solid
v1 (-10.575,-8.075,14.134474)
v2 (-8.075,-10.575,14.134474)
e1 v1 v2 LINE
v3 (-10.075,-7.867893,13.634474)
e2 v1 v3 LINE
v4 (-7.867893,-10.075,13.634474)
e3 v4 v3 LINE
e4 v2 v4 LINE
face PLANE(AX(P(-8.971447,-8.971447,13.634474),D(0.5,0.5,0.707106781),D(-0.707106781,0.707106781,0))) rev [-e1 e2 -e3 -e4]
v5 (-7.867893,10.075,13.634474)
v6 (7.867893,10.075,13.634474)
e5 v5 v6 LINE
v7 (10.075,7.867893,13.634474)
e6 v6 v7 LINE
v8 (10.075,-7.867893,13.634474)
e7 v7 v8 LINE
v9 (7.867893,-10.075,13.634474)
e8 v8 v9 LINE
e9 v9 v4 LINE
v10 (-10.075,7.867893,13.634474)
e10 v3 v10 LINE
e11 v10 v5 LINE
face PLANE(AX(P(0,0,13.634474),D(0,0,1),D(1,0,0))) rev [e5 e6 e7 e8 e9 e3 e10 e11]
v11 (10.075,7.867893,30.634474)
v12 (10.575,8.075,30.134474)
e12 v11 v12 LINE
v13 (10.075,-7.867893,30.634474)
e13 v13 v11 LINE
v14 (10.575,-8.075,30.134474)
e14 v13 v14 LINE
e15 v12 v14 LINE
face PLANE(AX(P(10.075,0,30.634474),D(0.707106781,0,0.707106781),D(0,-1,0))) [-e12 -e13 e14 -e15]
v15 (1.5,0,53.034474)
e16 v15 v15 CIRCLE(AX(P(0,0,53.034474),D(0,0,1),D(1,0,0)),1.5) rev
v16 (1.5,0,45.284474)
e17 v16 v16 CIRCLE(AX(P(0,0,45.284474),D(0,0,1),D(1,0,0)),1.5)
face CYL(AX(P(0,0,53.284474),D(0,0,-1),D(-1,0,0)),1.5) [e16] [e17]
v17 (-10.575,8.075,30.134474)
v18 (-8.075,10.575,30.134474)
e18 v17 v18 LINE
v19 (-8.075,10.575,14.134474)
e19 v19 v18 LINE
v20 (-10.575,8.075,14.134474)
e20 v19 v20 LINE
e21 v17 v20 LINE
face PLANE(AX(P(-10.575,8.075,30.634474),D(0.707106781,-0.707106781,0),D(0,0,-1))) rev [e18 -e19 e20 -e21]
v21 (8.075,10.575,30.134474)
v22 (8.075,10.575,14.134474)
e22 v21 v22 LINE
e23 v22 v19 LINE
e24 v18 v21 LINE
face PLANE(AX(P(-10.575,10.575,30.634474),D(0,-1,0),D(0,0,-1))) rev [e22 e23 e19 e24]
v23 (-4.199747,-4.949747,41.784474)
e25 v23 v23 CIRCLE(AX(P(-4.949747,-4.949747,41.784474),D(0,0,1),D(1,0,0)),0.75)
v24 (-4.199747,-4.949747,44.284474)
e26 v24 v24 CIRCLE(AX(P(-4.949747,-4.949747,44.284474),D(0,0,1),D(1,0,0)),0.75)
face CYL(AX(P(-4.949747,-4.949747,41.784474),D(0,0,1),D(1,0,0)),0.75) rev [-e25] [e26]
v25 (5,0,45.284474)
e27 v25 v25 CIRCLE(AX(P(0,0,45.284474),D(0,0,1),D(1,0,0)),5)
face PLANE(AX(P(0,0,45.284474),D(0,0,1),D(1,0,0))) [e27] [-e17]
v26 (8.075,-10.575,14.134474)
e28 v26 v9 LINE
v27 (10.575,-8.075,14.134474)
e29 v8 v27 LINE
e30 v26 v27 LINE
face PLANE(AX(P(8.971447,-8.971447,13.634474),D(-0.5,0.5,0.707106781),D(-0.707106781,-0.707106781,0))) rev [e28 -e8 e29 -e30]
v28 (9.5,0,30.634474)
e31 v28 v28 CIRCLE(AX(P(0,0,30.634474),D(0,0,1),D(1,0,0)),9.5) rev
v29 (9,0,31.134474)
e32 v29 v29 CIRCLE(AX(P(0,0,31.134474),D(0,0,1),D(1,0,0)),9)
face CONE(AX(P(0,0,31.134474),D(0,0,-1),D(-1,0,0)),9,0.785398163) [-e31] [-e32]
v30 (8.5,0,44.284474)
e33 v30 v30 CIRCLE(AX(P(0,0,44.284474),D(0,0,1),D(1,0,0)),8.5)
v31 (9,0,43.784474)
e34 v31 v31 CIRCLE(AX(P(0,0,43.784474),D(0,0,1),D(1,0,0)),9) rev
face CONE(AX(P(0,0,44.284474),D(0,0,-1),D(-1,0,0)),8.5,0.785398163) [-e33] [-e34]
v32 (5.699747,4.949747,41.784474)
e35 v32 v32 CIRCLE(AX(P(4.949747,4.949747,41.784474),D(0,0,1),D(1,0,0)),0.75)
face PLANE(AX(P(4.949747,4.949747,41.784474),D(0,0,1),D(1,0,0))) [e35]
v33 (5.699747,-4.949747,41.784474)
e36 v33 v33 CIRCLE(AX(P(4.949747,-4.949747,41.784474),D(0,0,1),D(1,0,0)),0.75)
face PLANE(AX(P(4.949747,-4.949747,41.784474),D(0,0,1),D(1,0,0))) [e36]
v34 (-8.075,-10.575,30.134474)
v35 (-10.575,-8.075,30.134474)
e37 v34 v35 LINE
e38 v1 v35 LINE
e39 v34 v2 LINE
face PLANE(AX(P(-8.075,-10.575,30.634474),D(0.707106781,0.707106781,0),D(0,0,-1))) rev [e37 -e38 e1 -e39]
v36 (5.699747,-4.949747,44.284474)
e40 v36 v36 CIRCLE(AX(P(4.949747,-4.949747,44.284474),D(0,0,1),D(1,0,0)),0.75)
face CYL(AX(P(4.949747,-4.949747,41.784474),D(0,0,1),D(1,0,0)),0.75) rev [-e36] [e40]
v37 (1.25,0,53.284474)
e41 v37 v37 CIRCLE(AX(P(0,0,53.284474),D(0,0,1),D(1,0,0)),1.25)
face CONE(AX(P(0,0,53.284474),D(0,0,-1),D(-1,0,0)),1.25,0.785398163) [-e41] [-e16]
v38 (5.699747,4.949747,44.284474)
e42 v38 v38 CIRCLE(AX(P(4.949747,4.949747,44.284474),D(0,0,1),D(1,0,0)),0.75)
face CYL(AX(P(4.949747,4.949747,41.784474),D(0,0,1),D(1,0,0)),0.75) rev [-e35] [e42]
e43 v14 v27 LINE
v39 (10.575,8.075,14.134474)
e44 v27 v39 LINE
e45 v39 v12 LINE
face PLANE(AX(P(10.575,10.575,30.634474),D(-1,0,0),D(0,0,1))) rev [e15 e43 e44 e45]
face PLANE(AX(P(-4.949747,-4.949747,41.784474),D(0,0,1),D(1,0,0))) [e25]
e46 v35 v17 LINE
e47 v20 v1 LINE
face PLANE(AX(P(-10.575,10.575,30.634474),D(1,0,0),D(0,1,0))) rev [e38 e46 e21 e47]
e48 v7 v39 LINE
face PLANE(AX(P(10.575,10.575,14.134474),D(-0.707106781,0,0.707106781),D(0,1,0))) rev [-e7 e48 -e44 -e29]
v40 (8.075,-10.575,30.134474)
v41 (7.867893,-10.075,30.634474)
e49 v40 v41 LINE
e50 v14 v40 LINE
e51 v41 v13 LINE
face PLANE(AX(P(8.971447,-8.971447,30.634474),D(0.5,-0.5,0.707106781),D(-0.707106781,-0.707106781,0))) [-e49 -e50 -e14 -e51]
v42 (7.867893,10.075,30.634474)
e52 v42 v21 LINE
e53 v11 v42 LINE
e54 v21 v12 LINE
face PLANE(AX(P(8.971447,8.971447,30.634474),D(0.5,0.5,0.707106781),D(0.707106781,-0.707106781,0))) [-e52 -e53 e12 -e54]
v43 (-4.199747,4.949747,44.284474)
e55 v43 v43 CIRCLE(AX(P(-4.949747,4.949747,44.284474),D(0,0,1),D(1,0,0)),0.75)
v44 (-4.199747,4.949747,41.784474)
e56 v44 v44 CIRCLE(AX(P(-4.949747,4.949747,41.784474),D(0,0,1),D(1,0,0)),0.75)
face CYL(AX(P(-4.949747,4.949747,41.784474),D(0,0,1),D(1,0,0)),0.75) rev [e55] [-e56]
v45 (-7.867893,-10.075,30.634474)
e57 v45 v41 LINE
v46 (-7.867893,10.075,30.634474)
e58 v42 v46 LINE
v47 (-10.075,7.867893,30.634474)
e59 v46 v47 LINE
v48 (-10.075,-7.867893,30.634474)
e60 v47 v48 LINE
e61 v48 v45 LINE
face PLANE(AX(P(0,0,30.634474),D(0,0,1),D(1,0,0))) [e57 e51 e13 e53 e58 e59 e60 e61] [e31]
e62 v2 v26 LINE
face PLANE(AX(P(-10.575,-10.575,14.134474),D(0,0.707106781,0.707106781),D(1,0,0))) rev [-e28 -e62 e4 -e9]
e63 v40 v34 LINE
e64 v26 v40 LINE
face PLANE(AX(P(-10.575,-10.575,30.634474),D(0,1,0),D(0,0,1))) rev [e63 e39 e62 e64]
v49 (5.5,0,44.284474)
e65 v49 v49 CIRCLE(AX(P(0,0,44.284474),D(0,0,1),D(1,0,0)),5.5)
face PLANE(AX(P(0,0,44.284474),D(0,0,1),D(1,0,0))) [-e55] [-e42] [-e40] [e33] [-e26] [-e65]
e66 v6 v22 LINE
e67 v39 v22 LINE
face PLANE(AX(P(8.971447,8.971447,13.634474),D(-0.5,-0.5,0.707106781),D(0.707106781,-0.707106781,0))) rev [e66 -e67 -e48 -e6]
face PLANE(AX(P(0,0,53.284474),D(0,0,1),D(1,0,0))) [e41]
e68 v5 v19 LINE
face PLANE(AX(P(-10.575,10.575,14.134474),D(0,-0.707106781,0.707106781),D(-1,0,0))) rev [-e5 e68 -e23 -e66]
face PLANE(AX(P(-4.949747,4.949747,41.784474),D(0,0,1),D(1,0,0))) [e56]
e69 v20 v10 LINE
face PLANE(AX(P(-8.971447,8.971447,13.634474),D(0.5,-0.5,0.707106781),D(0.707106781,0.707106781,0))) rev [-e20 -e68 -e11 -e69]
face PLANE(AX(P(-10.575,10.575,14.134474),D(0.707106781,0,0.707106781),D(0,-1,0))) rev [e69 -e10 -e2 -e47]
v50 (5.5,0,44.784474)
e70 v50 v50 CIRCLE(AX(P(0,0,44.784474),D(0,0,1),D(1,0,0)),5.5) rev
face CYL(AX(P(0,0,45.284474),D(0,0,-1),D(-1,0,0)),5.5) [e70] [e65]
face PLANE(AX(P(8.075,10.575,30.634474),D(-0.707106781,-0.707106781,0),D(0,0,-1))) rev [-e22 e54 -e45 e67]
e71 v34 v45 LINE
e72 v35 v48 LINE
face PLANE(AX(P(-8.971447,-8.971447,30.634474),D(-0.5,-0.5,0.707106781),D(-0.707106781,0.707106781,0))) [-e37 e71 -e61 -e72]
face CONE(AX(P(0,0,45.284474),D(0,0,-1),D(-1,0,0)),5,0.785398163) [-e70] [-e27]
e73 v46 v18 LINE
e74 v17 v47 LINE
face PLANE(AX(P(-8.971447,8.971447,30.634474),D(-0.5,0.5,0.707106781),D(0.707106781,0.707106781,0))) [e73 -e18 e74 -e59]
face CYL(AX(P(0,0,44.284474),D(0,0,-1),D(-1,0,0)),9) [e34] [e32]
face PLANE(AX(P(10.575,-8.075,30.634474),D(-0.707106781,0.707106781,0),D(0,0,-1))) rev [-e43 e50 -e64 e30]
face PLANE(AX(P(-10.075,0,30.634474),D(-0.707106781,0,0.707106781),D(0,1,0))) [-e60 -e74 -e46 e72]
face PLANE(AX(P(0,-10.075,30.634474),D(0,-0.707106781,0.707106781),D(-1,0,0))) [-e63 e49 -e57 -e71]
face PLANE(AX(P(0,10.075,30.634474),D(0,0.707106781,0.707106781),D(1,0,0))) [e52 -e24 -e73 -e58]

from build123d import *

# Parameters (mm, degrees)
SKETCH1_W           = 42.3
SKETCH1_H           = 42.3
BOSS_EXTRUDE1_DEPTH = 34
CHAMFER1_SIZE       = 5
SKETCH2_R           = 18
BOSS_EXTRUDE2_DEPTH = 27.3
SKETCH3_R           = 11
BOSS_EXTRUDE3_DEPTH = 2
SKETCH4_R           = 3
BOSS_EXTRUDE4_DEPTH = 16
CHAMFER2_SIZE       = 1
CHAMFER3_SIZE       = 0.5
SKETCH5_R           = 1.5
CUT_EXTRUDE1_DEPTH  = 5
ECHELLE1_SCALE      = 2
ECHELLE2_SCALE      = 0.25


with BuildPart() as part:
    # Sketch1 → Boss-Extrude1 (new body)
    with BuildSketch(Plane.XY):
        Rectangle(SKETCH1_W, SKETCH1_H)
    extrude(amount=BOSS_EXTRUDE1_DEPTH)

    # Chamfer1
    chamfer1_edges = [part.edges().sort_by_distance(p)[0] for p in [
        (21.15, -21.15, 17),
        (-21.15, -21.15, 17),
        (-21.15, 21.15, 17),
        (21.15, 21.15, 17),
    ]]
    chamfer(chamfer1_edges, length=CHAMFER1_SIZE)

    # Sketch2 → Boss-Extrude2 (add)
    with BuildSketch(Plane.XY.offset(34)):
        Circle(SKETCH2_R)
    extrude(amount=BOSS_EXTRUDE2_DEPTH)

    # Sketch3 → Boss-Extrude3 (add)
    with BuildSketch(Plane.XY.offset(61.3)):
        Circle(SKETCH3_R)
    extrude(amount=BOSS_EXTRUDE3_DEPTH)

    # Sketch4 → Boss-Extrude4 (add)
    with BuildSketch(Plane.XY.offset(63.3)):
        Circle(SKETCH4_R)
    extrude(amount=BOSS_EXTRUDE4_DEPTH)

    # Chamfer2
    chamfer2_edges = [part.edges().sort_by_distance(p)[0] for p in [
        (0, -21.15, 0),
        (0, -21.15, 34),
        (21.15, 0, 0),
        (-21.15, 0, 0),
        (0, 21.15, 0),
        (18.65, 18.65, 0),
        (18.65, -18.65, 0),
        (-18.65, 18.65, 0),
        (-18.65, -18.65, 0),
        (-21.15, 0, 34),
        (21.15, 0, 34),
        (0, 21.15, 34),
        (18.65, 18.65, 34),
        (18.65, -18.65, 34),
        (-18.65, 18.65, 34),
        (-18.65, -18.65, 34),
        (-18, 0, 34),
        (-18, 0, 61.3),
        (-11, 0, 63.3),
    ]]
    chamfer(chamfer2_edges, length=CHAMFER2_SIZE)

    # Chamfer3
    chamfer3_edges = [part.edges().sort_by_distance(p)[0] for p in [
        (-3, 0, 79.3),
    ]]
    chamfer(chamfer3_edges, length=CHAMFER3_SIZE)

    # Sketch5 → Cut-Extrude1 (cut)
    with BuildSketch(Plane.XY.offset(61.3)):
        with Locations((9.899494937, 9.899494937)):
            Circle(SKETCH5_R)
        with Locations((9.899494937, -9.899494937)):
            Circle(SKETCH5_R)
        with Locations((-9.899494937, -9.899494937)):
            Circle(SKETCH5_R)
        with Locations((-9.899494937, 9.899494937)):
            Circle(SKETCH5_R)
    extrude(amount=-CUT_EXTRUDE1_DEPTH, mode=Mode.SUBTRACT)


with BuildPart() as part_1:
    # Echelle1: scaled about (0, 0, 27.268947418)
    add(part.part.scale(ECHELLE1_SCALE).moved(Location((0, 0, -27.268947418))))


with BuildPart() as part_2:
    # Echelle2: scaled about (0, 0, 27.268947418)
    add(part_1.part.scale(ECHELLE2_SCALE).moved(Location((0, 0, 20.451710564))))


solid = part_2.part
